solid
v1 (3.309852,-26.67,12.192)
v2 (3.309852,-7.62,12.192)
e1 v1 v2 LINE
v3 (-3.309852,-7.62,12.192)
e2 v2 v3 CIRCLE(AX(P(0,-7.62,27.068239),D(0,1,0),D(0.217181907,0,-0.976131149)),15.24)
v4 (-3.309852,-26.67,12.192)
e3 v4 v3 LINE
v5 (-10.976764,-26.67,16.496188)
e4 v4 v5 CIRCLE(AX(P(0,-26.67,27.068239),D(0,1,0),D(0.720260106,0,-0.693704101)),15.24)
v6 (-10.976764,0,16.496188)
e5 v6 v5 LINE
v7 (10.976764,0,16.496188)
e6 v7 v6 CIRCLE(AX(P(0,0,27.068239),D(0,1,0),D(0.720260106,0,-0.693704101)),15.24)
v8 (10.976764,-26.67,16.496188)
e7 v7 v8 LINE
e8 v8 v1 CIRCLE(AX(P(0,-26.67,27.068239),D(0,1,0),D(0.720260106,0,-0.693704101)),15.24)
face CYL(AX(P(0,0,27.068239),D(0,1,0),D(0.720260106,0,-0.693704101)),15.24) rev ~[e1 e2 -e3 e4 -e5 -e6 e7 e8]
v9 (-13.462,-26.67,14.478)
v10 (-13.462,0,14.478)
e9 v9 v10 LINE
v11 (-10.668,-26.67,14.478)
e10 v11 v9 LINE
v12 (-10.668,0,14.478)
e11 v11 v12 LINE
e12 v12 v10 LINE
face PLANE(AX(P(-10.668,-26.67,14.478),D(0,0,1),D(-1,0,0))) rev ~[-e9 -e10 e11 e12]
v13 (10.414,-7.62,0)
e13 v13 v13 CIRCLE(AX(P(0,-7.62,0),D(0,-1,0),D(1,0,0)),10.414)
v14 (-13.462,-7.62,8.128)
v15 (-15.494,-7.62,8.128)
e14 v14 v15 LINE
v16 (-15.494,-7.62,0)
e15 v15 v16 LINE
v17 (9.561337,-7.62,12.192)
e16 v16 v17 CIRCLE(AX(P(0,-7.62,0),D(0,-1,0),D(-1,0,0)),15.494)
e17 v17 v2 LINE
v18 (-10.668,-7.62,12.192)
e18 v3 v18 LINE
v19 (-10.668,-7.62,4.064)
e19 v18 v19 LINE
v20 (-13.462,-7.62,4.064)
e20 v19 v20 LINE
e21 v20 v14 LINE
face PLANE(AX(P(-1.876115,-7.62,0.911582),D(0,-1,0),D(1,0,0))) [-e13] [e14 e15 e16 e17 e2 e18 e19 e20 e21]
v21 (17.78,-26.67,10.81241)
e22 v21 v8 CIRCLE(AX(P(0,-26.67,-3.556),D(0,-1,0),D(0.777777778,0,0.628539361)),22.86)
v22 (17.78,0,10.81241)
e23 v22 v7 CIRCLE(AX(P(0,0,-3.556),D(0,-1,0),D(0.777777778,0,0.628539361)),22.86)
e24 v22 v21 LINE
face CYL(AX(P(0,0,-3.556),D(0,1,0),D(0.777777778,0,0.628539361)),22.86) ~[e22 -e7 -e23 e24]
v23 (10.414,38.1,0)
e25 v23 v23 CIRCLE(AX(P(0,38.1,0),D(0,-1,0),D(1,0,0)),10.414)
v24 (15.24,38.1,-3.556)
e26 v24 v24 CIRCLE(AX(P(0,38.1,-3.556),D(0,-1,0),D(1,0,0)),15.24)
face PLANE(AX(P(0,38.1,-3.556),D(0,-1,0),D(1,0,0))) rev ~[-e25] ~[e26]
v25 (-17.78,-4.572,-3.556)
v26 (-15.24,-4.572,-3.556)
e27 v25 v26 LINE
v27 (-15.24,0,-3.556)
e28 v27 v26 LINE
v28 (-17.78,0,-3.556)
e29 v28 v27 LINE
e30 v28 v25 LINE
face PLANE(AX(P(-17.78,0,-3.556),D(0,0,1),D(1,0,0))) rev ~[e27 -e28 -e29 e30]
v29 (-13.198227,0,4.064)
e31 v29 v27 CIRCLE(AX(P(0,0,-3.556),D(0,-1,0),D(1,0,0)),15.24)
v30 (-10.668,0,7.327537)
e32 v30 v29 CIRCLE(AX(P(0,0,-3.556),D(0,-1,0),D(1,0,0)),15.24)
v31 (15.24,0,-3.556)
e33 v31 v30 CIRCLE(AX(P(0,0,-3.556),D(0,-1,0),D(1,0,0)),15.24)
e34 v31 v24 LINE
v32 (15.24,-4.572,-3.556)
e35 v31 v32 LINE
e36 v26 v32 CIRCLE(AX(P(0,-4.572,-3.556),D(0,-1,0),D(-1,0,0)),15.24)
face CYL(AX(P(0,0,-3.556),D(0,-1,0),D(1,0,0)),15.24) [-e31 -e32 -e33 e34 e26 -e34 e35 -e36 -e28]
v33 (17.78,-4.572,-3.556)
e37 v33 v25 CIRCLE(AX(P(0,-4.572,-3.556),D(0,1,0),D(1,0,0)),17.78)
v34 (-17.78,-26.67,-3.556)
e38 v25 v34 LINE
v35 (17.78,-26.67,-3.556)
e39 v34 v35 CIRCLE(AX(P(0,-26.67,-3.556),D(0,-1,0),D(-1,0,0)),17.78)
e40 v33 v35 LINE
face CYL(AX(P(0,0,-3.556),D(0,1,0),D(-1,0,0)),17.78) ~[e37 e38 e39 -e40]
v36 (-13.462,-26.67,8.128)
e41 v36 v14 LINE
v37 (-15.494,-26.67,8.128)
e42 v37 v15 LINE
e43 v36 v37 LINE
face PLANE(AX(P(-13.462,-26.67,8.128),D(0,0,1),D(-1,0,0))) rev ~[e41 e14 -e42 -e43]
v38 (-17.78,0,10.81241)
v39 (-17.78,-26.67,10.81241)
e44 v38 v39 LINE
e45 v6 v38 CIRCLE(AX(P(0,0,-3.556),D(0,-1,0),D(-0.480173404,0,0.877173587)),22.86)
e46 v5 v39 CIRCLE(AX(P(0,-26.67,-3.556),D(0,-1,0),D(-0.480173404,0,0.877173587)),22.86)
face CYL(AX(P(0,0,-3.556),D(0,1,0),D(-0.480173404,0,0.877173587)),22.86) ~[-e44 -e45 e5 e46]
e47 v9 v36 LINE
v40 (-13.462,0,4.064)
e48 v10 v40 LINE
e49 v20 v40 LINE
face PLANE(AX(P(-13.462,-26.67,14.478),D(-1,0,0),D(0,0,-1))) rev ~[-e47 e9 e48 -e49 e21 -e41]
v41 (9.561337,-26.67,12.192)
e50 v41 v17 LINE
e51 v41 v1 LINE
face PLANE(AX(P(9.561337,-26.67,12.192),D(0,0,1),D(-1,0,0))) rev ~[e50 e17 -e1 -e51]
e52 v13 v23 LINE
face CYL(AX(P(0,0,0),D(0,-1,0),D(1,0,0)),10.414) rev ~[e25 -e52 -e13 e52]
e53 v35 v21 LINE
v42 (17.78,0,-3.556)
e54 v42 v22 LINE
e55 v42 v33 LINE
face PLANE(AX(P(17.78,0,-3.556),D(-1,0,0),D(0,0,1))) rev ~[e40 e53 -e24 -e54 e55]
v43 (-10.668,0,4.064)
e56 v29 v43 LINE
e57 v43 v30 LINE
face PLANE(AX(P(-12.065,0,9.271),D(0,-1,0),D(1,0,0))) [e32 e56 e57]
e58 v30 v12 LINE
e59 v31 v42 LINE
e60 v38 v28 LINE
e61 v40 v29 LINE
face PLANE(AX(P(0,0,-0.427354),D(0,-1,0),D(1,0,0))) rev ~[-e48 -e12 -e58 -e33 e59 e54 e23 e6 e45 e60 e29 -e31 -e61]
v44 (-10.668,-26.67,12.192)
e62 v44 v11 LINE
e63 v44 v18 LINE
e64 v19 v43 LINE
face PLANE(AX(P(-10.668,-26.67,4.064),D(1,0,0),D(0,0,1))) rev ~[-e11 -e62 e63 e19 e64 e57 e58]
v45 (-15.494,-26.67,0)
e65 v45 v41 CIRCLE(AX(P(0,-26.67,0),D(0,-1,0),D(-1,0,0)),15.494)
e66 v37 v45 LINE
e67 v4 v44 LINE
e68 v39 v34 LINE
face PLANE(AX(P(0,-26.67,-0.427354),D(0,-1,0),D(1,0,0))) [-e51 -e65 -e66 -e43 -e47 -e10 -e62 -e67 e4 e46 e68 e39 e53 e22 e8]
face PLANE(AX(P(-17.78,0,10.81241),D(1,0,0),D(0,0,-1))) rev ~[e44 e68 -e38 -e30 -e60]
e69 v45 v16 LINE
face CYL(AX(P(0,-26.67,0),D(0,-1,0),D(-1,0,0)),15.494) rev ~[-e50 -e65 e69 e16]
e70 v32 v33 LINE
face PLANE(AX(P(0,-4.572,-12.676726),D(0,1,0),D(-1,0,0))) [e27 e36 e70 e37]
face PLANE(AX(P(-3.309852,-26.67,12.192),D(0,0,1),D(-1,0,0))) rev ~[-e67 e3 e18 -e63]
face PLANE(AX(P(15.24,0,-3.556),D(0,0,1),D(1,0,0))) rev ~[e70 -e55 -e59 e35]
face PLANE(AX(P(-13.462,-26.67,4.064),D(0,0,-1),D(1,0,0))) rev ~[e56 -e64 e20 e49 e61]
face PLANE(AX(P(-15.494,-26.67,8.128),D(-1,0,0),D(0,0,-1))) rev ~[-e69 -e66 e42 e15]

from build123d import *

# Parameters (mm, degrees)
F0_R     = 15.24
F0_R_2   = 10.414
F1_DEPTH = 26.67
F2_DEPTH = 38.1
F4_DEPTH = 26.67
F3_R     = 10.414
F5_DEPTH = 19.05
F7_DEPTH = 4.572


with BuildPart() as f1:
    # F0 (on Front) → F1 (new body)
    with BuildSketch(Plane.XZ):
        with BuildLine():
            Line((-17.78, 10.8124097937), (-17.78, -3.556))
            ThreePointArc((-17.78, -3.556), (0, -21.336), (17.78, -3.556))
            Line((17.78, -3.556), (17.78, 10.8124097937))
            ThreePointArc((17.78, 10.8124097937), (14.6565413174, 13.9872436172), (10.9767640135, 16.4961882046))
            ThreePointArc((10.9767640135, 16.4961882046), (0, 11.8282387054), (-10.9767640135, 16.4961882046))
            ThreePointArc((-10.9767640135, 16.4961882046), (-14.6565413174, 13.9872436172), (-17.78, 10.8124097937))
        make_face()
        with Locations((0, -3.556)):
            Circle(F0_R, mode=Mode.SUBTRACT)
        with Locations((0, -3.556)):
            Circle(F0_R)
        Circle(F0_R_2, mode=Mode.SUBTRACT)
    extrude(amount=F1_DEPTH)

    # F0 (on Front) → F2 (join)
    with BuildSketch(Plane.XZ):
        with Locations((0, -3.556)):
            Circle(F0_R)
        Circle(F0_R_2, mode=Mode.SUBTRACT)
    extrude(amount=-F2_DEPTH)

    # F3 (on face) → F4 (cut)
    with BuildSketch(Plane.XZ.offset(26.67)):
        Polygon((-13.462, 14.478), (-13.462, 8.128), (-13.462, 4.064), (-10.668, 4.064), (-10.668, 12.192), (-10.668, 14.478), align=None)
    extrude(amount=-F4_DEPTH, mode=Mode.SUBTRACT)

    # F3 (on face) → F5 (cut)
    with BuildSketch(Plane.XZ.offset(26.67)):
        with BuildLine():
            Line((-15.494, 8.128), (-15.494, 0))
            ThreePointArc((-15.494, 0), (6.7794053956, -13.9321103384), (9.5613373542, 12.192))
            Line((9.5613373542, 12.192), (3.3098522596, 12.192))
            ThreePointArc((3.3098522596, 12.192), (0, 11.8282387054), (-3.3098522596, 12.192))
            Line((-3.3098522596, 12.192), (-10.668, 12.192))
            Line((-10.668, 12.192), (-10.668, 4.064))
            Line((-10.668, 4.064), (-13.462, 4.064))
            Line((-13.462, 4.064), (-13.462, 8.128))
            Line((-13.462, 8.128), (-15.494, 8.128))
        make_face()
        Circle(F3_R, mode=Mode.SUBTRACT)
    extrude(amount=-F5_DEPTH, mode=Mode.SUBTRACT)

    # F6 (on face) → F7 (cut)
    with BuildSketch(Plane(origin=(0, 0, 0), x_dir=(-1, 0, 0), z_dir=(0, 1, 0))):
        with BuildLine():
            Line((-15.24, -3.556), (-17.78, -3.556))
            ThreePointArc((-17.78, -3.556), (0, -21.336), (17.78, -3.556))
            Line((17.78, -3.556), (15.24, -3.556))
            ThreePointArc((15.24, -3.556), (0, -18.796), (-15.24, -3.556))
        make_face()
    extrude(amount=-F7_DEPTH, mode=Mode.SUBTRACT)


solid = f1.part
